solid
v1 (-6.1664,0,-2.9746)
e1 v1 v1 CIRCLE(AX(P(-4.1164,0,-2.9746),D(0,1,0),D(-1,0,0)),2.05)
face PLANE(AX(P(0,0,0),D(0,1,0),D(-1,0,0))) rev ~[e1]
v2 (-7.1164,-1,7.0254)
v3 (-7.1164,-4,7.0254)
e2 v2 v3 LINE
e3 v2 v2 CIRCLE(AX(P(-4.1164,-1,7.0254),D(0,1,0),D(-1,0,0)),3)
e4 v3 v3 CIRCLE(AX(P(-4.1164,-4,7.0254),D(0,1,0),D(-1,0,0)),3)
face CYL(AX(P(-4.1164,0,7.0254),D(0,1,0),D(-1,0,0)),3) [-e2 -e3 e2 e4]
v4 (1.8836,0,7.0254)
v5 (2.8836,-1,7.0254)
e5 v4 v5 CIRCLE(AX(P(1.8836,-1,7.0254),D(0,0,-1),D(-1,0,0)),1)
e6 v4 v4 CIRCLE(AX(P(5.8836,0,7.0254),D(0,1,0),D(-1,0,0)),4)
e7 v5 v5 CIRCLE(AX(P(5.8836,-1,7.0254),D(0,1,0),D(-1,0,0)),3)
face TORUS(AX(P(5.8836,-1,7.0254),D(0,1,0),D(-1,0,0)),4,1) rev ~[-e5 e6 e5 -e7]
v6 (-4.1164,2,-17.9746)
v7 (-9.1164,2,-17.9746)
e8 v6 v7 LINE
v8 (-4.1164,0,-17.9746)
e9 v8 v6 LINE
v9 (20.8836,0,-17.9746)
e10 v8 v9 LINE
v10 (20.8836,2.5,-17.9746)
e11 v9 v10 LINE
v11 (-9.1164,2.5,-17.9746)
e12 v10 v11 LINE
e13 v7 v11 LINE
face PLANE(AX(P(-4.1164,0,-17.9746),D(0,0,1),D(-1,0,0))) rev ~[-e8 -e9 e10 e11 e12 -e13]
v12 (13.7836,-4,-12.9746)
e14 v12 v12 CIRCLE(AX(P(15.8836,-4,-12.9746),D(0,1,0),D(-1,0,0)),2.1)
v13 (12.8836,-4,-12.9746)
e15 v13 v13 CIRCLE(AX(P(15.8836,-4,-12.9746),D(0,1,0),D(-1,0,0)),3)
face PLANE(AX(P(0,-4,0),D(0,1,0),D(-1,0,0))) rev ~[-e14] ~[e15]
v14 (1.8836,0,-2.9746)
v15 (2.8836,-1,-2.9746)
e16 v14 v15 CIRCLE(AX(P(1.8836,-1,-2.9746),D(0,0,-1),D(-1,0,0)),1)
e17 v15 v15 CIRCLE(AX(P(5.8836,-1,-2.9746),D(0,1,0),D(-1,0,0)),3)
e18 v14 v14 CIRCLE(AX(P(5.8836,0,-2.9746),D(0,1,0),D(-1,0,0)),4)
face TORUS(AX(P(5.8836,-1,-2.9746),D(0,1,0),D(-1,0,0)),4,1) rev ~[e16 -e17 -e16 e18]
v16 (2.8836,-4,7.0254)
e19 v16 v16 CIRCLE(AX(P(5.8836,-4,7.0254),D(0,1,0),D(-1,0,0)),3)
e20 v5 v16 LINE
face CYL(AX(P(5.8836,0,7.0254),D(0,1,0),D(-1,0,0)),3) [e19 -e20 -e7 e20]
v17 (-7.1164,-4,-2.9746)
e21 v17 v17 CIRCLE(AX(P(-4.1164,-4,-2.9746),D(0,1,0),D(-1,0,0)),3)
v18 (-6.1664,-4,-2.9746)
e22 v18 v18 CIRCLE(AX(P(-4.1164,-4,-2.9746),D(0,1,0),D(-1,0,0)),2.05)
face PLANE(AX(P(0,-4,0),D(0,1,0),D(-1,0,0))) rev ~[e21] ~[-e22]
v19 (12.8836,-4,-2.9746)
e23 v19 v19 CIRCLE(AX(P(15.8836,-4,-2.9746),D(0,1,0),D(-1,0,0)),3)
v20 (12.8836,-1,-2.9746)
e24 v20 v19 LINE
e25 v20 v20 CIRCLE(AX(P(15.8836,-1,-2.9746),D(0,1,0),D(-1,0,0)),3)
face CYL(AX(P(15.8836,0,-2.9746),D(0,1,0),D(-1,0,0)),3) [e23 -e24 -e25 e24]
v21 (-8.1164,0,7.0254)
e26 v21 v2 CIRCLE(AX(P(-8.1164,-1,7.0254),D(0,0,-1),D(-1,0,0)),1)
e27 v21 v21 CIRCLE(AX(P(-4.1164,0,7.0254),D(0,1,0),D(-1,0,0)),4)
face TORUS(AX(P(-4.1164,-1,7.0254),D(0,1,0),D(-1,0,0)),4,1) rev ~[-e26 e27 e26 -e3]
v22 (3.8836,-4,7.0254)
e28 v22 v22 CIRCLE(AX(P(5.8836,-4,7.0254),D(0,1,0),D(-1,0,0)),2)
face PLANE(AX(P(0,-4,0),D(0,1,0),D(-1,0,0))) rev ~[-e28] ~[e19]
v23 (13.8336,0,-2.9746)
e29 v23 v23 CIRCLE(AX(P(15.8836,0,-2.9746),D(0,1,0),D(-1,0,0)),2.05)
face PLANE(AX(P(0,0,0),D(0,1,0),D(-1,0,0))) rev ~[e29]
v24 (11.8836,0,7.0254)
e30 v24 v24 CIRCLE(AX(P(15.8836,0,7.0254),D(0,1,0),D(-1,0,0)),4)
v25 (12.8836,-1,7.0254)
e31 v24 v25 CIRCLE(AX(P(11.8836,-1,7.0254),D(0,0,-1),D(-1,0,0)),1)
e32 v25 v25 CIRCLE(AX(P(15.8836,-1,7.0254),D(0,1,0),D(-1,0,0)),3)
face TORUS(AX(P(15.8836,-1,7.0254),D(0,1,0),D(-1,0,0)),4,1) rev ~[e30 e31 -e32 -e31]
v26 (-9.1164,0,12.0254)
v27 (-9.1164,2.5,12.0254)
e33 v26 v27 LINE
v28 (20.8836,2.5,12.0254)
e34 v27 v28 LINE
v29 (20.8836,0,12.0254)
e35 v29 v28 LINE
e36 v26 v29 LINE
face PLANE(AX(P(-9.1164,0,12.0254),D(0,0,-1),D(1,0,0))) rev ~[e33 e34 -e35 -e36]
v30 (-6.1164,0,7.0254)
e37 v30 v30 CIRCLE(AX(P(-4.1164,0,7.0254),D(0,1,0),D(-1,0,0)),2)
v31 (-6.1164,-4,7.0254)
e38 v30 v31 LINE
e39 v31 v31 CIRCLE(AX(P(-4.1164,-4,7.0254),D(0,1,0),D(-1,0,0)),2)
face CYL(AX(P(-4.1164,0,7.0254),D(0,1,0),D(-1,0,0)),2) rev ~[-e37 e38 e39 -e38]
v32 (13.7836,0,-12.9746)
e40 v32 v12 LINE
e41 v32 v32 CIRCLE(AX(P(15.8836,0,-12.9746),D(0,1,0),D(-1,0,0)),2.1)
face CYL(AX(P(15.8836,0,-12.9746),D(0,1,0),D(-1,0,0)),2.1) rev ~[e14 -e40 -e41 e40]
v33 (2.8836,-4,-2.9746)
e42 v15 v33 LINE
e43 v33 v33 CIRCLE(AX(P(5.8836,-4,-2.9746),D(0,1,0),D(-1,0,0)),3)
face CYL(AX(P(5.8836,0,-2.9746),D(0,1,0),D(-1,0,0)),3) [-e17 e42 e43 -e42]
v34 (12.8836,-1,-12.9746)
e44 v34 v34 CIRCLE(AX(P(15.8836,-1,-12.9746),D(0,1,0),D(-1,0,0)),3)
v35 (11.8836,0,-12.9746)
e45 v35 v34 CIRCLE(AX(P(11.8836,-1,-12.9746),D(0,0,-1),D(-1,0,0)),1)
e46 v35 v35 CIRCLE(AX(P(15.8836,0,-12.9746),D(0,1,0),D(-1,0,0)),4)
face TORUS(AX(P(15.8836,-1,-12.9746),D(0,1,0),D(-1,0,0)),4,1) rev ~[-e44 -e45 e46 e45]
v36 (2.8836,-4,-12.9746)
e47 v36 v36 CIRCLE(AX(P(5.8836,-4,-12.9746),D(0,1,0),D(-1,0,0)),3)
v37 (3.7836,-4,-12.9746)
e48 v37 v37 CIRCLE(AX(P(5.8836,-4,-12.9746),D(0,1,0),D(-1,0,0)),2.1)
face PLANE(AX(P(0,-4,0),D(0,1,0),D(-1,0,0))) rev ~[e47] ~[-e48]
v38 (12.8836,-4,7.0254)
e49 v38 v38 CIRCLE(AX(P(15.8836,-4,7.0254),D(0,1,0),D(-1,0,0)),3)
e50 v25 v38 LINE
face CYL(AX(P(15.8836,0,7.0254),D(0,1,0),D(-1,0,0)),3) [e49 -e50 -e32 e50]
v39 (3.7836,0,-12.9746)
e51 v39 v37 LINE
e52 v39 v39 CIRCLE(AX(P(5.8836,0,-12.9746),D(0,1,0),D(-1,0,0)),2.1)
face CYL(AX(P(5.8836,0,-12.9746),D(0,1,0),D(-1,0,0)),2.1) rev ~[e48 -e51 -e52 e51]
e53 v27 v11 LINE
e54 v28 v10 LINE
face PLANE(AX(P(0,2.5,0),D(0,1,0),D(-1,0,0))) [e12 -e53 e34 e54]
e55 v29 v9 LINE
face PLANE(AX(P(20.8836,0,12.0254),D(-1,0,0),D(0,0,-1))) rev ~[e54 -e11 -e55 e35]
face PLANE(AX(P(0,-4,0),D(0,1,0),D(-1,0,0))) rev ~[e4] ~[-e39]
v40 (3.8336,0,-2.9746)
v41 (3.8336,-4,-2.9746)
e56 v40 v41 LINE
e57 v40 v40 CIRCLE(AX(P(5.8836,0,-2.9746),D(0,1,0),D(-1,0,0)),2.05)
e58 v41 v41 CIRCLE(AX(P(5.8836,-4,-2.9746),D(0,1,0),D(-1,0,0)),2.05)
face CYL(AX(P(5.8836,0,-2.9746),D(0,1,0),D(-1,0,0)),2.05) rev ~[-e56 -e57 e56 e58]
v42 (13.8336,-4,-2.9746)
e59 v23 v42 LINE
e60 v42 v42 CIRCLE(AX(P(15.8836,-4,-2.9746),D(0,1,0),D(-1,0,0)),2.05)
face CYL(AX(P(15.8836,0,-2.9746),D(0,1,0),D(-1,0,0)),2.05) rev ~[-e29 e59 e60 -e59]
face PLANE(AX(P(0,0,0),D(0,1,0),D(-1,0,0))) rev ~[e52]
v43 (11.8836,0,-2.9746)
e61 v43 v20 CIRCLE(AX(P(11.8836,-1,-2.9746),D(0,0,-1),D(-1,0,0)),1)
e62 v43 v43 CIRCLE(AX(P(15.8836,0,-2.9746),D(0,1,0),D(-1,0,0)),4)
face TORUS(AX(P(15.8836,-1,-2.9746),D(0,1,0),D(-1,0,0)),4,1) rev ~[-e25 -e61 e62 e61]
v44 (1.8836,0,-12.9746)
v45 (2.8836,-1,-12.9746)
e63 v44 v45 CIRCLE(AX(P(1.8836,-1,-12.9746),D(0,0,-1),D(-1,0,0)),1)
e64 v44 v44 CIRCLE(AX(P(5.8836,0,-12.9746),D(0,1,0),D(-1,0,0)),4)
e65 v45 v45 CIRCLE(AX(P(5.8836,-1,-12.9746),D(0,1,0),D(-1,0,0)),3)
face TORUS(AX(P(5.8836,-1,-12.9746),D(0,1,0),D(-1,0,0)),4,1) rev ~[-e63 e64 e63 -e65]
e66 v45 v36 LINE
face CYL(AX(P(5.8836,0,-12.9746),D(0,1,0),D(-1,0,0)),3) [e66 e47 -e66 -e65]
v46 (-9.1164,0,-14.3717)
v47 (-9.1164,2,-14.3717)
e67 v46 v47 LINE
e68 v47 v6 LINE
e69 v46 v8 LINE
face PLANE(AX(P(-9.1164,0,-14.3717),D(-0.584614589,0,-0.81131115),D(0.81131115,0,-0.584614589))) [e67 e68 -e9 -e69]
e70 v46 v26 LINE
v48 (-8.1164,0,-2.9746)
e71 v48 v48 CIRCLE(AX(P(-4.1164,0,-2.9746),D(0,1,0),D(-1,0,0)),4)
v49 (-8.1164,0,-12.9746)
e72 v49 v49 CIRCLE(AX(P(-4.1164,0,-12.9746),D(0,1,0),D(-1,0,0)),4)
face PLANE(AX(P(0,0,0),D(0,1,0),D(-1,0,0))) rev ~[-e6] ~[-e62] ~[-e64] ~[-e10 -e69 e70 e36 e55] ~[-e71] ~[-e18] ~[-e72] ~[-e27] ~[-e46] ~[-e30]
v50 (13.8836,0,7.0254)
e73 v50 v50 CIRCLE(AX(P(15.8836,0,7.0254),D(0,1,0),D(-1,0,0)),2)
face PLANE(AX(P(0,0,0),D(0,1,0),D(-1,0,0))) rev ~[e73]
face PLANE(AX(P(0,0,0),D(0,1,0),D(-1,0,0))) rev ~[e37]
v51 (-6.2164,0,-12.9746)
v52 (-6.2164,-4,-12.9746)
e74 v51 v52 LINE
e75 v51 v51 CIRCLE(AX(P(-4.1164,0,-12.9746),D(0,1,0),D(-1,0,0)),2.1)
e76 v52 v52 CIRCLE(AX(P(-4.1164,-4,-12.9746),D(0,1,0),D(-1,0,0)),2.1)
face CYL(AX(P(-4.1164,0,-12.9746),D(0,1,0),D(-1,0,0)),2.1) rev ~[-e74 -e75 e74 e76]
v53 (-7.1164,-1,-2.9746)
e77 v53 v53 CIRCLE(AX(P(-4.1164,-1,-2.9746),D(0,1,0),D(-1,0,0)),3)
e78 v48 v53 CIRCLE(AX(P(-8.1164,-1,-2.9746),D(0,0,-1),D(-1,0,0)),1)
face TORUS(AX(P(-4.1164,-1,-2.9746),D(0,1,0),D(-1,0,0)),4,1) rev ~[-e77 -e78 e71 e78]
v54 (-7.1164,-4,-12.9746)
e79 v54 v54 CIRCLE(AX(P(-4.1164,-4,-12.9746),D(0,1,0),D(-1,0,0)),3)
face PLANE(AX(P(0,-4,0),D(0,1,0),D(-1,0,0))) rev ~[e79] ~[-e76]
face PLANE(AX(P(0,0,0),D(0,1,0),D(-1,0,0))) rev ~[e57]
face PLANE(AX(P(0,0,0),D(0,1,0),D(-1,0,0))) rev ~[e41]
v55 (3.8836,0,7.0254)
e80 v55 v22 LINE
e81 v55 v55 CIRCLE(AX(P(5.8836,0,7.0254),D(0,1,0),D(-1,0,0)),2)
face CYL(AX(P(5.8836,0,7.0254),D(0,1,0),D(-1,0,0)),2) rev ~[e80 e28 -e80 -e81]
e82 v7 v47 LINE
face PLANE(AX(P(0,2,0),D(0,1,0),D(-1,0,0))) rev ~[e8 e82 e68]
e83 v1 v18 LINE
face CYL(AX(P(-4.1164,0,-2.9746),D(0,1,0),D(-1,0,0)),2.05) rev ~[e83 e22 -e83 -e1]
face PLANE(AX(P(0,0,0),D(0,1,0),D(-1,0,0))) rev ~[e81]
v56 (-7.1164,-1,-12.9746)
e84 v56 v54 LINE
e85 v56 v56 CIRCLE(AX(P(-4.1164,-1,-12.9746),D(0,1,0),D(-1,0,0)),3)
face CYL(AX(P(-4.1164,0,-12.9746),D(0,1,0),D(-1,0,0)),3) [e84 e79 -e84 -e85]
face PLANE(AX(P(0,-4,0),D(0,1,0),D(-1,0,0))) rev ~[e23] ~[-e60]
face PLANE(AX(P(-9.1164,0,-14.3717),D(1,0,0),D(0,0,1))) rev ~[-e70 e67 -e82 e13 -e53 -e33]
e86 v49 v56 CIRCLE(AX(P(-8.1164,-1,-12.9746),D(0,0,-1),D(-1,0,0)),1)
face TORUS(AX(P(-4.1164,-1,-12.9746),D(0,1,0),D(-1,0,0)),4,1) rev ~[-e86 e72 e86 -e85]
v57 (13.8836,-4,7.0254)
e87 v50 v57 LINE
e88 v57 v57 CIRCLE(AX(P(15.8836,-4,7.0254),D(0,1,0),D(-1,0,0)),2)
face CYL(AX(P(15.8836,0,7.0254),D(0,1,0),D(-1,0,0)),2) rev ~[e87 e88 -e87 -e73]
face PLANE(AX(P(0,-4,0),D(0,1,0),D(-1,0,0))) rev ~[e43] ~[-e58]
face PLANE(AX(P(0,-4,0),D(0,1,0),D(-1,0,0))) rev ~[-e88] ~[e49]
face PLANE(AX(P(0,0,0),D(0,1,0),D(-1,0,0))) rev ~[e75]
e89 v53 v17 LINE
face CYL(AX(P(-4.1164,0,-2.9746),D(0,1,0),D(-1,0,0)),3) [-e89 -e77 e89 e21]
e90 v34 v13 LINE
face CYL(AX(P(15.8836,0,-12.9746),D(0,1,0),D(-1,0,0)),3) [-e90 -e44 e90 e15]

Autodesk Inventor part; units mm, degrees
ref_plane "YZ Plane" through (0, 0, 0) normal (1, 0, 0) x (0, 1, 0)
ref_plane "XZ Plane" through (0, 0, 0) normal (0, 1, 0) x (-1, 0, 0)
ref_plane "XY Plane" through (0, 0, 0) normal (0, 0, 1) x (1, 0, 0)
sketch "Sketch1" plane through (0, 0, 0) normal (0, 1, 0) x (-1, 0, 0)
  line L0 (9.1164, 12.0254) -> (-20.8836, 12.0254)
  line L1 (-20.8836, 12.0254) -> (-20.8836, -17.9746)
  line L2 (-20.8836, -17.9746) -> (9.1164, -17.9746)
  line L3 (9.1164, -17.9746) -> (9.1164, 12.0254)
  circle A0 centre (4.1164, 7.0254) radius 3
  circle A1 centre (4.1164, -2.9746) radius 3
  circle A2 centre (4.1164, -12.9746) radius 3
  circle A3 centre (-5.8836, 7.0254) radius 3
  circle A4 centre (-5.8836, -2.9746) radius 3
  circle A5 centre (-5.8836, -12.9746) radius 3
  circle A6 centre (-15.8836, 7.0254) radius 3
  circle A7 centre (-15.8836, -2.9746) radius 3
  circle A8 centre (-15.8836, -12.9746) radius 3
  circle A9 centre (4.1164, 7.0254) radius 2
  circle A10 centre (4.1164, -2.9746) radius 2.05
  circle A11 centre (4.1164, -12.9746) radius 2.1
  circle A12 centre (-5.8836, 7.0254) radius 2
  circle A13 centre (-5.8836, -2.9746) radius 2.05
  circle A14 centre (-5.8836, -12.9746) radius 2.1
  circle A15 centre (-15.8836, 7.0254) radius 2
  circle A16 centre (-15.8836, -2.9746) radius 2.05
  circle A17 centre (-15.8836, -12.9746) radius 2.1
  line L4 (9.1164, -14.3717) -> (4.1164, -17.9746)
  point P0 (0, 0)
  dimension "d0" = 30
  dimension "d1" = 30
  dimension "d2" = 6
  dimension "d3" = 6
  dimension "d5" = 6
  dimension "d6" = 6
  dimension "d8" = 6
  dimension "d9" = 6
  dimension "d11" = 10
  dimension "d12" = 10
  dimension "d13" = 10
  dimension "d14" = 10
  dimension "d15" = 10
  dimension "d16" = 10
  dimension "d17" = 0
  dimension "d18" = 0
  dimension "d19" = 5
  dimension "d20" = 5
  dimension "d21" = 10
  dimension "d22" = 10
  dimension "d23" = 10
  dimension "d24" = 10
  dimension "d25" = 10
  dimension "d26" = 10
  dimension "d27" = 6
  dimension "d28" = 6
  dimension "d29" = 4
  dimension "d30" = 6
  dimension "d31" = 4.1
  dimension "d32" = 4.2
  dimension "d33" = 4
  dimension "d34" = 4.1
  dimension "d35" = 4.2
  dimension "d36" = 4
  dimension "d37" = 4.1
  dimension "d38" = 4.2
extrude "Extrusion1" add sketch "Sketch1" along normal blind 2.5 contours L3 L4 L2 L1 L0 | L3 L2 L4 | A0 | A1 | A2 | A3 | A4 | A5 | A6 | A7 | A8 | A9 | A10 | A11 | A12 | A13 | A14 | A15 | A16 | A17
extrude "Extrusion2" add sketch "Sketch1" against normal blind 4 contours A0 | A1 | A2 | A3 | A4 | A5 | A6 | A7 | A8
fillet "Fillet1" radius 1 9 edges at (-1.1164, 0, 7.0254) (-1.1164, 0, -2.9746) (-1.1164, 0, -12.9746) (8.8836, 0, -12.9746) (8.8836, 0, -2.9746) (8.8836, 0, 7.0254) (18.8836, 0, 7.0254) (18.8836, 0, -2.9746) (18.8836, 0, -12.9746)
extrude "Extrusion4" cut sketch "Sketch1" along normal blind 2 contours L3 L2 L4
equation "\"d3\" = d2"
equation "\"d5\" = d2"
equation "\"d6\" = d2"
equation "\"d8\" = d2"
equation "\"d9\" = d2"
equation "\"d12\" = d11"
equation "\"d13\" = d12"
equation "\"d14\" = d11"
equation "\"d15\" = d14"
equation "\"d16\" = d15"
equation "\"d27\" = d2"
equation "\"d28\" = d2"
equation "\"d30\" = d2"
equation "\"d33\" = d29"
equation "\"d34\" = d31"
equation "\"d35\" = d32"
equation "\"d36\" = d29"
equation "\"d37\" = d31"
equation "\"d38\" = d32"
properties part number "collet test"
